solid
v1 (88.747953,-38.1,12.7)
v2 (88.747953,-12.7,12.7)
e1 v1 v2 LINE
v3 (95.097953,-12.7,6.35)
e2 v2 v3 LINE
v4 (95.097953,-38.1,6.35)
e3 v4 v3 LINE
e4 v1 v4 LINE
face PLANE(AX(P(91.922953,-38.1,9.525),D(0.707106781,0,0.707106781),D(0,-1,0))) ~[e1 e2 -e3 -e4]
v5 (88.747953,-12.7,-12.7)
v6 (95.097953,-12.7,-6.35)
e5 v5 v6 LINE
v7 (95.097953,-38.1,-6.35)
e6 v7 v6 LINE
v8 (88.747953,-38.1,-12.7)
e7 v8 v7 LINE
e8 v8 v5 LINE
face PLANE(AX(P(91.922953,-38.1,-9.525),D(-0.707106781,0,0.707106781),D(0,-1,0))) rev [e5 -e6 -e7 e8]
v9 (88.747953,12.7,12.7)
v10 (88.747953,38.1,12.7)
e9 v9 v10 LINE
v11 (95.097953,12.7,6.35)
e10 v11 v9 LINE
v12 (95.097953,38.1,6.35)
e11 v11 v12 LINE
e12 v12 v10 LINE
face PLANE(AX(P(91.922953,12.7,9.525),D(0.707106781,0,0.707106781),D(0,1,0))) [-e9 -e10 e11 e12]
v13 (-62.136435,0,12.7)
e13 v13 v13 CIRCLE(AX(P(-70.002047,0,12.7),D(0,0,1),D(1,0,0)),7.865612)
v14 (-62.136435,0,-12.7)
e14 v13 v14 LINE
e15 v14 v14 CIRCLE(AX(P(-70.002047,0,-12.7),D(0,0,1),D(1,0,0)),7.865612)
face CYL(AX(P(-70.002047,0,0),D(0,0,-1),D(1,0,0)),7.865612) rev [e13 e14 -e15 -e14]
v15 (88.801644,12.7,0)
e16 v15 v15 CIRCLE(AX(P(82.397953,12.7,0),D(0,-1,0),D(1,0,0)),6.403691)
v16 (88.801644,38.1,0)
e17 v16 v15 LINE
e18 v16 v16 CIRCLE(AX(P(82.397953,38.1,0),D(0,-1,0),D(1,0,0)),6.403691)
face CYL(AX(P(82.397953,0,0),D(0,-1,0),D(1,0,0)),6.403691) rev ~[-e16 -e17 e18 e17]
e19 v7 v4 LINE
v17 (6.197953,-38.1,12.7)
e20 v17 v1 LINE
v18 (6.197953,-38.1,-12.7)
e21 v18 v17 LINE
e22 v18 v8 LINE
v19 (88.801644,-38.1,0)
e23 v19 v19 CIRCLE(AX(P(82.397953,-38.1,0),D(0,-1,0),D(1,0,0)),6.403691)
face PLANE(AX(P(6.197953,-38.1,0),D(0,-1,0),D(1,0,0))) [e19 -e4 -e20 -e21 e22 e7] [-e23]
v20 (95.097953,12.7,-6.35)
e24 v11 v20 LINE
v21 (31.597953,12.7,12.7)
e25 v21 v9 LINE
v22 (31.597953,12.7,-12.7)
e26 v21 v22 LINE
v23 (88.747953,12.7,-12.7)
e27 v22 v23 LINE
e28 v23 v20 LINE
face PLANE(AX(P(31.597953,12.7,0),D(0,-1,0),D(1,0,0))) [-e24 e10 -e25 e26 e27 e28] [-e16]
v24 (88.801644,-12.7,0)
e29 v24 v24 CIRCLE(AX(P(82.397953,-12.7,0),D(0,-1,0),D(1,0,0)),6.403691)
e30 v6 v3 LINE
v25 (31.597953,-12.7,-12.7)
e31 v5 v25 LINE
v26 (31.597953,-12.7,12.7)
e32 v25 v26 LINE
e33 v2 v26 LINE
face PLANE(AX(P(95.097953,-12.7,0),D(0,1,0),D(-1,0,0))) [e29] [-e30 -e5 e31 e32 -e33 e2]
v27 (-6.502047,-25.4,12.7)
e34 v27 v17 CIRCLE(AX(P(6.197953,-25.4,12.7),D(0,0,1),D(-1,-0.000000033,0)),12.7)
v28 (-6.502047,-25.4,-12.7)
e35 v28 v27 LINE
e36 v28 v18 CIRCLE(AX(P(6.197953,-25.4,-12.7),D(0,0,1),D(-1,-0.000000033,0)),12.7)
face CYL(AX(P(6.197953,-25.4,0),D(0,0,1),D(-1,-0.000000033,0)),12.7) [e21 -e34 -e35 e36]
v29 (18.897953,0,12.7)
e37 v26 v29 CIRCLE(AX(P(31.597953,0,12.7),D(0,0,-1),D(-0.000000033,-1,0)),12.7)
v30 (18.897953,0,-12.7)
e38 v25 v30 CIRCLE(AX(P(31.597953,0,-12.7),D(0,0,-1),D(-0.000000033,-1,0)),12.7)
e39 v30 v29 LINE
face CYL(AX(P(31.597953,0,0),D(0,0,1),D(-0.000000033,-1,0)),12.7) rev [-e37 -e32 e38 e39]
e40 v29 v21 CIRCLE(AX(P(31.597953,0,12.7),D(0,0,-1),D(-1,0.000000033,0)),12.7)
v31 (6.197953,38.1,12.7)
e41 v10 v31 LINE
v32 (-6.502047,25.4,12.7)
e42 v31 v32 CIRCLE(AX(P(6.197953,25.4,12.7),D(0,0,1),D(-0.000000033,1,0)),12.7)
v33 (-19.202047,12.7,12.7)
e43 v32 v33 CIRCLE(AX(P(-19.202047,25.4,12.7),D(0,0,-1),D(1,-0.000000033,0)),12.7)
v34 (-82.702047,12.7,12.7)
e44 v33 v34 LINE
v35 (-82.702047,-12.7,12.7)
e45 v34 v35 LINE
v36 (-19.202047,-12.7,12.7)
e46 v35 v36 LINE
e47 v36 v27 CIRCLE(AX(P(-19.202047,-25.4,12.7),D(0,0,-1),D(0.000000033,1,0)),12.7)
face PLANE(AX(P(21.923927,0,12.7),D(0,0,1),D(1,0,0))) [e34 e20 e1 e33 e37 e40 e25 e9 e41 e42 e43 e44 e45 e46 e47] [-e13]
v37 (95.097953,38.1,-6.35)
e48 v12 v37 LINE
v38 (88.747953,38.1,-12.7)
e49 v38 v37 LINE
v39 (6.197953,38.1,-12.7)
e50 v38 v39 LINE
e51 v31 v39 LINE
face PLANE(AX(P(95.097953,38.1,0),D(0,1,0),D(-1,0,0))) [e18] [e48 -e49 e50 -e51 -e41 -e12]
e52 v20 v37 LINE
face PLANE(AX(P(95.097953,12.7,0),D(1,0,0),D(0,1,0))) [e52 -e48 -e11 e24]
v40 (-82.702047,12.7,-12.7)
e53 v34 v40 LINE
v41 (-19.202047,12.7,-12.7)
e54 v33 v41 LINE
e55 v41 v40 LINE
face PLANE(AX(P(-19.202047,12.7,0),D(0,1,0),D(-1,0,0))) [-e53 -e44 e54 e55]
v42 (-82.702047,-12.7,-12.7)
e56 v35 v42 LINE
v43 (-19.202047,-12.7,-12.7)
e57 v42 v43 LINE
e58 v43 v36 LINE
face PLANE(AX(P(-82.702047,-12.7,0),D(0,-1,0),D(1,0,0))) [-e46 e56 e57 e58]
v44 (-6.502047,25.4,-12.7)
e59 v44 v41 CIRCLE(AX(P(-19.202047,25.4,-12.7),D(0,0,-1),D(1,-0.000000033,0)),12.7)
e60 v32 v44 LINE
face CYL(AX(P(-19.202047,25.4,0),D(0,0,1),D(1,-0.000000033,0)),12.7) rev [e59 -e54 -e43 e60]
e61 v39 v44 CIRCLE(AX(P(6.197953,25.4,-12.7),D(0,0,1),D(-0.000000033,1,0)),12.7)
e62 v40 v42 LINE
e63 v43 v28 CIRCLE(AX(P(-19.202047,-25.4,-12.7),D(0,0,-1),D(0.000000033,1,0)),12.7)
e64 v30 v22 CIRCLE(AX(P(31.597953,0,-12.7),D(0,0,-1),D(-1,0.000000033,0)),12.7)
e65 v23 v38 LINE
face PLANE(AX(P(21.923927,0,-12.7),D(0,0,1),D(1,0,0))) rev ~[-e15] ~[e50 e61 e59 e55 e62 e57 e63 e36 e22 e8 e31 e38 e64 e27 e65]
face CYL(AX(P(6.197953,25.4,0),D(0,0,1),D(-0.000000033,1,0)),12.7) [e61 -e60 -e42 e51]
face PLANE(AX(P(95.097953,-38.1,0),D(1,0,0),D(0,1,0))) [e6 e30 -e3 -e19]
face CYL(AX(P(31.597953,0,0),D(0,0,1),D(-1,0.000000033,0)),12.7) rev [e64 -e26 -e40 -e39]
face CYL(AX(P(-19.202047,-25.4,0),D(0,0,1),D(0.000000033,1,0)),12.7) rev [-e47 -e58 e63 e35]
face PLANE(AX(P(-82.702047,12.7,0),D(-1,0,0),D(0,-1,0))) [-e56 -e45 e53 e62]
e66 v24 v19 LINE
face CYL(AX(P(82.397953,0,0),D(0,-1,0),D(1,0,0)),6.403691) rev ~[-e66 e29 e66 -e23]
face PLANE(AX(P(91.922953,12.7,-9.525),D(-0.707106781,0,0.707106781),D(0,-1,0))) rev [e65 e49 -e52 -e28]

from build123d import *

# Parameters (mm, degrees)
F0_R     = 7.865612
F1_DEPTH = 12.7
F2_R     = 6.403691
F3_DEPTH = 44.45
F4_SIZE  = 6.35
F5_SIZE  = 6.35


with BuildPart() as f1:
    # F0 (on Top) → F1 (new body, symmetric)
    with BuildSketch(Plane.XY):
        with BuildLine():
            Line((-82.702047, -12.7), (-19.202047, -12.7))
            ThreePointArc((-19.202047, -12.7), (-10.221791, -16.419744), (-6.502047, -25.4))
            ThreePointArc((-6.502047, -25.4), (-2.782303, -34.380256), (6.197953, -38.1))
            Line((6.197953, -38.1), (95.097953, -38.1))
            Line((95.097953, -38.1), (95.097953, -12.7))
            Line((95.097953, -12.7), (31.597953, -12.7))
            ThreePointArc((31.597953, -12.7), (22.617697, -8.980256), (18.897953, 0))
            ThreePointArc((18.897953, 0), (22.617697, 8.980256), (31.597953, 12.7))
            Line((31.597953, 12.7), (95.097953, 12.7))
            Line((95.097953, 12.7), (95.097953, 38.1))
            Line((95.097953, 38.1), (6.197953, 38.1))
            ThreePointArc((6.197953, 38.1), (-2.782303, 34.380256), (-6.502047, 25.4))
            ThreePointArc((-6.502047, 25.4), (-10.221791, 16.419744), (-19.202047, 12.7))
            Line((-19.202047, 12.7), (-82.702047, 12.7))
            Line((-82.702047, 12.7), (-82.702047, -12.7))
        make_face()
        with Locations((-70.002047, 0)):
            Circle(F0_R, mode=Mode.SUBTRACT)
    extrude(amount=F1_DEPTH, both=True)

    # F2 (on Front) → F3 (cut, symmetric)
    with BuildSketch(Plane.XZ):
        with Locations((82.397953, 0)):
            Circle(F2_R)
    extrude(amount=F3_DEPTH, both=True, mode=Mode.SUBTRACT)

    # F4
    f4_edges = [f1.edges().sort_by_distance(p)[0] for p in [
        (95.097953, -25.4, 12.7),
        (95.097953, -25.4, -12.7),
    ]]
    chamfer(f4_edges, length=F4_SIZE)

    # F5
    f5_edges = [f1.edges().sort_by_distance(p)[0] for p in [
        (95.097953, 25.4, 12.7),
        (95.097953, 25.4, -12.7),
    ]]
    chamfer(f5_edges, length=F5_SIZE)


solid = f1.part
